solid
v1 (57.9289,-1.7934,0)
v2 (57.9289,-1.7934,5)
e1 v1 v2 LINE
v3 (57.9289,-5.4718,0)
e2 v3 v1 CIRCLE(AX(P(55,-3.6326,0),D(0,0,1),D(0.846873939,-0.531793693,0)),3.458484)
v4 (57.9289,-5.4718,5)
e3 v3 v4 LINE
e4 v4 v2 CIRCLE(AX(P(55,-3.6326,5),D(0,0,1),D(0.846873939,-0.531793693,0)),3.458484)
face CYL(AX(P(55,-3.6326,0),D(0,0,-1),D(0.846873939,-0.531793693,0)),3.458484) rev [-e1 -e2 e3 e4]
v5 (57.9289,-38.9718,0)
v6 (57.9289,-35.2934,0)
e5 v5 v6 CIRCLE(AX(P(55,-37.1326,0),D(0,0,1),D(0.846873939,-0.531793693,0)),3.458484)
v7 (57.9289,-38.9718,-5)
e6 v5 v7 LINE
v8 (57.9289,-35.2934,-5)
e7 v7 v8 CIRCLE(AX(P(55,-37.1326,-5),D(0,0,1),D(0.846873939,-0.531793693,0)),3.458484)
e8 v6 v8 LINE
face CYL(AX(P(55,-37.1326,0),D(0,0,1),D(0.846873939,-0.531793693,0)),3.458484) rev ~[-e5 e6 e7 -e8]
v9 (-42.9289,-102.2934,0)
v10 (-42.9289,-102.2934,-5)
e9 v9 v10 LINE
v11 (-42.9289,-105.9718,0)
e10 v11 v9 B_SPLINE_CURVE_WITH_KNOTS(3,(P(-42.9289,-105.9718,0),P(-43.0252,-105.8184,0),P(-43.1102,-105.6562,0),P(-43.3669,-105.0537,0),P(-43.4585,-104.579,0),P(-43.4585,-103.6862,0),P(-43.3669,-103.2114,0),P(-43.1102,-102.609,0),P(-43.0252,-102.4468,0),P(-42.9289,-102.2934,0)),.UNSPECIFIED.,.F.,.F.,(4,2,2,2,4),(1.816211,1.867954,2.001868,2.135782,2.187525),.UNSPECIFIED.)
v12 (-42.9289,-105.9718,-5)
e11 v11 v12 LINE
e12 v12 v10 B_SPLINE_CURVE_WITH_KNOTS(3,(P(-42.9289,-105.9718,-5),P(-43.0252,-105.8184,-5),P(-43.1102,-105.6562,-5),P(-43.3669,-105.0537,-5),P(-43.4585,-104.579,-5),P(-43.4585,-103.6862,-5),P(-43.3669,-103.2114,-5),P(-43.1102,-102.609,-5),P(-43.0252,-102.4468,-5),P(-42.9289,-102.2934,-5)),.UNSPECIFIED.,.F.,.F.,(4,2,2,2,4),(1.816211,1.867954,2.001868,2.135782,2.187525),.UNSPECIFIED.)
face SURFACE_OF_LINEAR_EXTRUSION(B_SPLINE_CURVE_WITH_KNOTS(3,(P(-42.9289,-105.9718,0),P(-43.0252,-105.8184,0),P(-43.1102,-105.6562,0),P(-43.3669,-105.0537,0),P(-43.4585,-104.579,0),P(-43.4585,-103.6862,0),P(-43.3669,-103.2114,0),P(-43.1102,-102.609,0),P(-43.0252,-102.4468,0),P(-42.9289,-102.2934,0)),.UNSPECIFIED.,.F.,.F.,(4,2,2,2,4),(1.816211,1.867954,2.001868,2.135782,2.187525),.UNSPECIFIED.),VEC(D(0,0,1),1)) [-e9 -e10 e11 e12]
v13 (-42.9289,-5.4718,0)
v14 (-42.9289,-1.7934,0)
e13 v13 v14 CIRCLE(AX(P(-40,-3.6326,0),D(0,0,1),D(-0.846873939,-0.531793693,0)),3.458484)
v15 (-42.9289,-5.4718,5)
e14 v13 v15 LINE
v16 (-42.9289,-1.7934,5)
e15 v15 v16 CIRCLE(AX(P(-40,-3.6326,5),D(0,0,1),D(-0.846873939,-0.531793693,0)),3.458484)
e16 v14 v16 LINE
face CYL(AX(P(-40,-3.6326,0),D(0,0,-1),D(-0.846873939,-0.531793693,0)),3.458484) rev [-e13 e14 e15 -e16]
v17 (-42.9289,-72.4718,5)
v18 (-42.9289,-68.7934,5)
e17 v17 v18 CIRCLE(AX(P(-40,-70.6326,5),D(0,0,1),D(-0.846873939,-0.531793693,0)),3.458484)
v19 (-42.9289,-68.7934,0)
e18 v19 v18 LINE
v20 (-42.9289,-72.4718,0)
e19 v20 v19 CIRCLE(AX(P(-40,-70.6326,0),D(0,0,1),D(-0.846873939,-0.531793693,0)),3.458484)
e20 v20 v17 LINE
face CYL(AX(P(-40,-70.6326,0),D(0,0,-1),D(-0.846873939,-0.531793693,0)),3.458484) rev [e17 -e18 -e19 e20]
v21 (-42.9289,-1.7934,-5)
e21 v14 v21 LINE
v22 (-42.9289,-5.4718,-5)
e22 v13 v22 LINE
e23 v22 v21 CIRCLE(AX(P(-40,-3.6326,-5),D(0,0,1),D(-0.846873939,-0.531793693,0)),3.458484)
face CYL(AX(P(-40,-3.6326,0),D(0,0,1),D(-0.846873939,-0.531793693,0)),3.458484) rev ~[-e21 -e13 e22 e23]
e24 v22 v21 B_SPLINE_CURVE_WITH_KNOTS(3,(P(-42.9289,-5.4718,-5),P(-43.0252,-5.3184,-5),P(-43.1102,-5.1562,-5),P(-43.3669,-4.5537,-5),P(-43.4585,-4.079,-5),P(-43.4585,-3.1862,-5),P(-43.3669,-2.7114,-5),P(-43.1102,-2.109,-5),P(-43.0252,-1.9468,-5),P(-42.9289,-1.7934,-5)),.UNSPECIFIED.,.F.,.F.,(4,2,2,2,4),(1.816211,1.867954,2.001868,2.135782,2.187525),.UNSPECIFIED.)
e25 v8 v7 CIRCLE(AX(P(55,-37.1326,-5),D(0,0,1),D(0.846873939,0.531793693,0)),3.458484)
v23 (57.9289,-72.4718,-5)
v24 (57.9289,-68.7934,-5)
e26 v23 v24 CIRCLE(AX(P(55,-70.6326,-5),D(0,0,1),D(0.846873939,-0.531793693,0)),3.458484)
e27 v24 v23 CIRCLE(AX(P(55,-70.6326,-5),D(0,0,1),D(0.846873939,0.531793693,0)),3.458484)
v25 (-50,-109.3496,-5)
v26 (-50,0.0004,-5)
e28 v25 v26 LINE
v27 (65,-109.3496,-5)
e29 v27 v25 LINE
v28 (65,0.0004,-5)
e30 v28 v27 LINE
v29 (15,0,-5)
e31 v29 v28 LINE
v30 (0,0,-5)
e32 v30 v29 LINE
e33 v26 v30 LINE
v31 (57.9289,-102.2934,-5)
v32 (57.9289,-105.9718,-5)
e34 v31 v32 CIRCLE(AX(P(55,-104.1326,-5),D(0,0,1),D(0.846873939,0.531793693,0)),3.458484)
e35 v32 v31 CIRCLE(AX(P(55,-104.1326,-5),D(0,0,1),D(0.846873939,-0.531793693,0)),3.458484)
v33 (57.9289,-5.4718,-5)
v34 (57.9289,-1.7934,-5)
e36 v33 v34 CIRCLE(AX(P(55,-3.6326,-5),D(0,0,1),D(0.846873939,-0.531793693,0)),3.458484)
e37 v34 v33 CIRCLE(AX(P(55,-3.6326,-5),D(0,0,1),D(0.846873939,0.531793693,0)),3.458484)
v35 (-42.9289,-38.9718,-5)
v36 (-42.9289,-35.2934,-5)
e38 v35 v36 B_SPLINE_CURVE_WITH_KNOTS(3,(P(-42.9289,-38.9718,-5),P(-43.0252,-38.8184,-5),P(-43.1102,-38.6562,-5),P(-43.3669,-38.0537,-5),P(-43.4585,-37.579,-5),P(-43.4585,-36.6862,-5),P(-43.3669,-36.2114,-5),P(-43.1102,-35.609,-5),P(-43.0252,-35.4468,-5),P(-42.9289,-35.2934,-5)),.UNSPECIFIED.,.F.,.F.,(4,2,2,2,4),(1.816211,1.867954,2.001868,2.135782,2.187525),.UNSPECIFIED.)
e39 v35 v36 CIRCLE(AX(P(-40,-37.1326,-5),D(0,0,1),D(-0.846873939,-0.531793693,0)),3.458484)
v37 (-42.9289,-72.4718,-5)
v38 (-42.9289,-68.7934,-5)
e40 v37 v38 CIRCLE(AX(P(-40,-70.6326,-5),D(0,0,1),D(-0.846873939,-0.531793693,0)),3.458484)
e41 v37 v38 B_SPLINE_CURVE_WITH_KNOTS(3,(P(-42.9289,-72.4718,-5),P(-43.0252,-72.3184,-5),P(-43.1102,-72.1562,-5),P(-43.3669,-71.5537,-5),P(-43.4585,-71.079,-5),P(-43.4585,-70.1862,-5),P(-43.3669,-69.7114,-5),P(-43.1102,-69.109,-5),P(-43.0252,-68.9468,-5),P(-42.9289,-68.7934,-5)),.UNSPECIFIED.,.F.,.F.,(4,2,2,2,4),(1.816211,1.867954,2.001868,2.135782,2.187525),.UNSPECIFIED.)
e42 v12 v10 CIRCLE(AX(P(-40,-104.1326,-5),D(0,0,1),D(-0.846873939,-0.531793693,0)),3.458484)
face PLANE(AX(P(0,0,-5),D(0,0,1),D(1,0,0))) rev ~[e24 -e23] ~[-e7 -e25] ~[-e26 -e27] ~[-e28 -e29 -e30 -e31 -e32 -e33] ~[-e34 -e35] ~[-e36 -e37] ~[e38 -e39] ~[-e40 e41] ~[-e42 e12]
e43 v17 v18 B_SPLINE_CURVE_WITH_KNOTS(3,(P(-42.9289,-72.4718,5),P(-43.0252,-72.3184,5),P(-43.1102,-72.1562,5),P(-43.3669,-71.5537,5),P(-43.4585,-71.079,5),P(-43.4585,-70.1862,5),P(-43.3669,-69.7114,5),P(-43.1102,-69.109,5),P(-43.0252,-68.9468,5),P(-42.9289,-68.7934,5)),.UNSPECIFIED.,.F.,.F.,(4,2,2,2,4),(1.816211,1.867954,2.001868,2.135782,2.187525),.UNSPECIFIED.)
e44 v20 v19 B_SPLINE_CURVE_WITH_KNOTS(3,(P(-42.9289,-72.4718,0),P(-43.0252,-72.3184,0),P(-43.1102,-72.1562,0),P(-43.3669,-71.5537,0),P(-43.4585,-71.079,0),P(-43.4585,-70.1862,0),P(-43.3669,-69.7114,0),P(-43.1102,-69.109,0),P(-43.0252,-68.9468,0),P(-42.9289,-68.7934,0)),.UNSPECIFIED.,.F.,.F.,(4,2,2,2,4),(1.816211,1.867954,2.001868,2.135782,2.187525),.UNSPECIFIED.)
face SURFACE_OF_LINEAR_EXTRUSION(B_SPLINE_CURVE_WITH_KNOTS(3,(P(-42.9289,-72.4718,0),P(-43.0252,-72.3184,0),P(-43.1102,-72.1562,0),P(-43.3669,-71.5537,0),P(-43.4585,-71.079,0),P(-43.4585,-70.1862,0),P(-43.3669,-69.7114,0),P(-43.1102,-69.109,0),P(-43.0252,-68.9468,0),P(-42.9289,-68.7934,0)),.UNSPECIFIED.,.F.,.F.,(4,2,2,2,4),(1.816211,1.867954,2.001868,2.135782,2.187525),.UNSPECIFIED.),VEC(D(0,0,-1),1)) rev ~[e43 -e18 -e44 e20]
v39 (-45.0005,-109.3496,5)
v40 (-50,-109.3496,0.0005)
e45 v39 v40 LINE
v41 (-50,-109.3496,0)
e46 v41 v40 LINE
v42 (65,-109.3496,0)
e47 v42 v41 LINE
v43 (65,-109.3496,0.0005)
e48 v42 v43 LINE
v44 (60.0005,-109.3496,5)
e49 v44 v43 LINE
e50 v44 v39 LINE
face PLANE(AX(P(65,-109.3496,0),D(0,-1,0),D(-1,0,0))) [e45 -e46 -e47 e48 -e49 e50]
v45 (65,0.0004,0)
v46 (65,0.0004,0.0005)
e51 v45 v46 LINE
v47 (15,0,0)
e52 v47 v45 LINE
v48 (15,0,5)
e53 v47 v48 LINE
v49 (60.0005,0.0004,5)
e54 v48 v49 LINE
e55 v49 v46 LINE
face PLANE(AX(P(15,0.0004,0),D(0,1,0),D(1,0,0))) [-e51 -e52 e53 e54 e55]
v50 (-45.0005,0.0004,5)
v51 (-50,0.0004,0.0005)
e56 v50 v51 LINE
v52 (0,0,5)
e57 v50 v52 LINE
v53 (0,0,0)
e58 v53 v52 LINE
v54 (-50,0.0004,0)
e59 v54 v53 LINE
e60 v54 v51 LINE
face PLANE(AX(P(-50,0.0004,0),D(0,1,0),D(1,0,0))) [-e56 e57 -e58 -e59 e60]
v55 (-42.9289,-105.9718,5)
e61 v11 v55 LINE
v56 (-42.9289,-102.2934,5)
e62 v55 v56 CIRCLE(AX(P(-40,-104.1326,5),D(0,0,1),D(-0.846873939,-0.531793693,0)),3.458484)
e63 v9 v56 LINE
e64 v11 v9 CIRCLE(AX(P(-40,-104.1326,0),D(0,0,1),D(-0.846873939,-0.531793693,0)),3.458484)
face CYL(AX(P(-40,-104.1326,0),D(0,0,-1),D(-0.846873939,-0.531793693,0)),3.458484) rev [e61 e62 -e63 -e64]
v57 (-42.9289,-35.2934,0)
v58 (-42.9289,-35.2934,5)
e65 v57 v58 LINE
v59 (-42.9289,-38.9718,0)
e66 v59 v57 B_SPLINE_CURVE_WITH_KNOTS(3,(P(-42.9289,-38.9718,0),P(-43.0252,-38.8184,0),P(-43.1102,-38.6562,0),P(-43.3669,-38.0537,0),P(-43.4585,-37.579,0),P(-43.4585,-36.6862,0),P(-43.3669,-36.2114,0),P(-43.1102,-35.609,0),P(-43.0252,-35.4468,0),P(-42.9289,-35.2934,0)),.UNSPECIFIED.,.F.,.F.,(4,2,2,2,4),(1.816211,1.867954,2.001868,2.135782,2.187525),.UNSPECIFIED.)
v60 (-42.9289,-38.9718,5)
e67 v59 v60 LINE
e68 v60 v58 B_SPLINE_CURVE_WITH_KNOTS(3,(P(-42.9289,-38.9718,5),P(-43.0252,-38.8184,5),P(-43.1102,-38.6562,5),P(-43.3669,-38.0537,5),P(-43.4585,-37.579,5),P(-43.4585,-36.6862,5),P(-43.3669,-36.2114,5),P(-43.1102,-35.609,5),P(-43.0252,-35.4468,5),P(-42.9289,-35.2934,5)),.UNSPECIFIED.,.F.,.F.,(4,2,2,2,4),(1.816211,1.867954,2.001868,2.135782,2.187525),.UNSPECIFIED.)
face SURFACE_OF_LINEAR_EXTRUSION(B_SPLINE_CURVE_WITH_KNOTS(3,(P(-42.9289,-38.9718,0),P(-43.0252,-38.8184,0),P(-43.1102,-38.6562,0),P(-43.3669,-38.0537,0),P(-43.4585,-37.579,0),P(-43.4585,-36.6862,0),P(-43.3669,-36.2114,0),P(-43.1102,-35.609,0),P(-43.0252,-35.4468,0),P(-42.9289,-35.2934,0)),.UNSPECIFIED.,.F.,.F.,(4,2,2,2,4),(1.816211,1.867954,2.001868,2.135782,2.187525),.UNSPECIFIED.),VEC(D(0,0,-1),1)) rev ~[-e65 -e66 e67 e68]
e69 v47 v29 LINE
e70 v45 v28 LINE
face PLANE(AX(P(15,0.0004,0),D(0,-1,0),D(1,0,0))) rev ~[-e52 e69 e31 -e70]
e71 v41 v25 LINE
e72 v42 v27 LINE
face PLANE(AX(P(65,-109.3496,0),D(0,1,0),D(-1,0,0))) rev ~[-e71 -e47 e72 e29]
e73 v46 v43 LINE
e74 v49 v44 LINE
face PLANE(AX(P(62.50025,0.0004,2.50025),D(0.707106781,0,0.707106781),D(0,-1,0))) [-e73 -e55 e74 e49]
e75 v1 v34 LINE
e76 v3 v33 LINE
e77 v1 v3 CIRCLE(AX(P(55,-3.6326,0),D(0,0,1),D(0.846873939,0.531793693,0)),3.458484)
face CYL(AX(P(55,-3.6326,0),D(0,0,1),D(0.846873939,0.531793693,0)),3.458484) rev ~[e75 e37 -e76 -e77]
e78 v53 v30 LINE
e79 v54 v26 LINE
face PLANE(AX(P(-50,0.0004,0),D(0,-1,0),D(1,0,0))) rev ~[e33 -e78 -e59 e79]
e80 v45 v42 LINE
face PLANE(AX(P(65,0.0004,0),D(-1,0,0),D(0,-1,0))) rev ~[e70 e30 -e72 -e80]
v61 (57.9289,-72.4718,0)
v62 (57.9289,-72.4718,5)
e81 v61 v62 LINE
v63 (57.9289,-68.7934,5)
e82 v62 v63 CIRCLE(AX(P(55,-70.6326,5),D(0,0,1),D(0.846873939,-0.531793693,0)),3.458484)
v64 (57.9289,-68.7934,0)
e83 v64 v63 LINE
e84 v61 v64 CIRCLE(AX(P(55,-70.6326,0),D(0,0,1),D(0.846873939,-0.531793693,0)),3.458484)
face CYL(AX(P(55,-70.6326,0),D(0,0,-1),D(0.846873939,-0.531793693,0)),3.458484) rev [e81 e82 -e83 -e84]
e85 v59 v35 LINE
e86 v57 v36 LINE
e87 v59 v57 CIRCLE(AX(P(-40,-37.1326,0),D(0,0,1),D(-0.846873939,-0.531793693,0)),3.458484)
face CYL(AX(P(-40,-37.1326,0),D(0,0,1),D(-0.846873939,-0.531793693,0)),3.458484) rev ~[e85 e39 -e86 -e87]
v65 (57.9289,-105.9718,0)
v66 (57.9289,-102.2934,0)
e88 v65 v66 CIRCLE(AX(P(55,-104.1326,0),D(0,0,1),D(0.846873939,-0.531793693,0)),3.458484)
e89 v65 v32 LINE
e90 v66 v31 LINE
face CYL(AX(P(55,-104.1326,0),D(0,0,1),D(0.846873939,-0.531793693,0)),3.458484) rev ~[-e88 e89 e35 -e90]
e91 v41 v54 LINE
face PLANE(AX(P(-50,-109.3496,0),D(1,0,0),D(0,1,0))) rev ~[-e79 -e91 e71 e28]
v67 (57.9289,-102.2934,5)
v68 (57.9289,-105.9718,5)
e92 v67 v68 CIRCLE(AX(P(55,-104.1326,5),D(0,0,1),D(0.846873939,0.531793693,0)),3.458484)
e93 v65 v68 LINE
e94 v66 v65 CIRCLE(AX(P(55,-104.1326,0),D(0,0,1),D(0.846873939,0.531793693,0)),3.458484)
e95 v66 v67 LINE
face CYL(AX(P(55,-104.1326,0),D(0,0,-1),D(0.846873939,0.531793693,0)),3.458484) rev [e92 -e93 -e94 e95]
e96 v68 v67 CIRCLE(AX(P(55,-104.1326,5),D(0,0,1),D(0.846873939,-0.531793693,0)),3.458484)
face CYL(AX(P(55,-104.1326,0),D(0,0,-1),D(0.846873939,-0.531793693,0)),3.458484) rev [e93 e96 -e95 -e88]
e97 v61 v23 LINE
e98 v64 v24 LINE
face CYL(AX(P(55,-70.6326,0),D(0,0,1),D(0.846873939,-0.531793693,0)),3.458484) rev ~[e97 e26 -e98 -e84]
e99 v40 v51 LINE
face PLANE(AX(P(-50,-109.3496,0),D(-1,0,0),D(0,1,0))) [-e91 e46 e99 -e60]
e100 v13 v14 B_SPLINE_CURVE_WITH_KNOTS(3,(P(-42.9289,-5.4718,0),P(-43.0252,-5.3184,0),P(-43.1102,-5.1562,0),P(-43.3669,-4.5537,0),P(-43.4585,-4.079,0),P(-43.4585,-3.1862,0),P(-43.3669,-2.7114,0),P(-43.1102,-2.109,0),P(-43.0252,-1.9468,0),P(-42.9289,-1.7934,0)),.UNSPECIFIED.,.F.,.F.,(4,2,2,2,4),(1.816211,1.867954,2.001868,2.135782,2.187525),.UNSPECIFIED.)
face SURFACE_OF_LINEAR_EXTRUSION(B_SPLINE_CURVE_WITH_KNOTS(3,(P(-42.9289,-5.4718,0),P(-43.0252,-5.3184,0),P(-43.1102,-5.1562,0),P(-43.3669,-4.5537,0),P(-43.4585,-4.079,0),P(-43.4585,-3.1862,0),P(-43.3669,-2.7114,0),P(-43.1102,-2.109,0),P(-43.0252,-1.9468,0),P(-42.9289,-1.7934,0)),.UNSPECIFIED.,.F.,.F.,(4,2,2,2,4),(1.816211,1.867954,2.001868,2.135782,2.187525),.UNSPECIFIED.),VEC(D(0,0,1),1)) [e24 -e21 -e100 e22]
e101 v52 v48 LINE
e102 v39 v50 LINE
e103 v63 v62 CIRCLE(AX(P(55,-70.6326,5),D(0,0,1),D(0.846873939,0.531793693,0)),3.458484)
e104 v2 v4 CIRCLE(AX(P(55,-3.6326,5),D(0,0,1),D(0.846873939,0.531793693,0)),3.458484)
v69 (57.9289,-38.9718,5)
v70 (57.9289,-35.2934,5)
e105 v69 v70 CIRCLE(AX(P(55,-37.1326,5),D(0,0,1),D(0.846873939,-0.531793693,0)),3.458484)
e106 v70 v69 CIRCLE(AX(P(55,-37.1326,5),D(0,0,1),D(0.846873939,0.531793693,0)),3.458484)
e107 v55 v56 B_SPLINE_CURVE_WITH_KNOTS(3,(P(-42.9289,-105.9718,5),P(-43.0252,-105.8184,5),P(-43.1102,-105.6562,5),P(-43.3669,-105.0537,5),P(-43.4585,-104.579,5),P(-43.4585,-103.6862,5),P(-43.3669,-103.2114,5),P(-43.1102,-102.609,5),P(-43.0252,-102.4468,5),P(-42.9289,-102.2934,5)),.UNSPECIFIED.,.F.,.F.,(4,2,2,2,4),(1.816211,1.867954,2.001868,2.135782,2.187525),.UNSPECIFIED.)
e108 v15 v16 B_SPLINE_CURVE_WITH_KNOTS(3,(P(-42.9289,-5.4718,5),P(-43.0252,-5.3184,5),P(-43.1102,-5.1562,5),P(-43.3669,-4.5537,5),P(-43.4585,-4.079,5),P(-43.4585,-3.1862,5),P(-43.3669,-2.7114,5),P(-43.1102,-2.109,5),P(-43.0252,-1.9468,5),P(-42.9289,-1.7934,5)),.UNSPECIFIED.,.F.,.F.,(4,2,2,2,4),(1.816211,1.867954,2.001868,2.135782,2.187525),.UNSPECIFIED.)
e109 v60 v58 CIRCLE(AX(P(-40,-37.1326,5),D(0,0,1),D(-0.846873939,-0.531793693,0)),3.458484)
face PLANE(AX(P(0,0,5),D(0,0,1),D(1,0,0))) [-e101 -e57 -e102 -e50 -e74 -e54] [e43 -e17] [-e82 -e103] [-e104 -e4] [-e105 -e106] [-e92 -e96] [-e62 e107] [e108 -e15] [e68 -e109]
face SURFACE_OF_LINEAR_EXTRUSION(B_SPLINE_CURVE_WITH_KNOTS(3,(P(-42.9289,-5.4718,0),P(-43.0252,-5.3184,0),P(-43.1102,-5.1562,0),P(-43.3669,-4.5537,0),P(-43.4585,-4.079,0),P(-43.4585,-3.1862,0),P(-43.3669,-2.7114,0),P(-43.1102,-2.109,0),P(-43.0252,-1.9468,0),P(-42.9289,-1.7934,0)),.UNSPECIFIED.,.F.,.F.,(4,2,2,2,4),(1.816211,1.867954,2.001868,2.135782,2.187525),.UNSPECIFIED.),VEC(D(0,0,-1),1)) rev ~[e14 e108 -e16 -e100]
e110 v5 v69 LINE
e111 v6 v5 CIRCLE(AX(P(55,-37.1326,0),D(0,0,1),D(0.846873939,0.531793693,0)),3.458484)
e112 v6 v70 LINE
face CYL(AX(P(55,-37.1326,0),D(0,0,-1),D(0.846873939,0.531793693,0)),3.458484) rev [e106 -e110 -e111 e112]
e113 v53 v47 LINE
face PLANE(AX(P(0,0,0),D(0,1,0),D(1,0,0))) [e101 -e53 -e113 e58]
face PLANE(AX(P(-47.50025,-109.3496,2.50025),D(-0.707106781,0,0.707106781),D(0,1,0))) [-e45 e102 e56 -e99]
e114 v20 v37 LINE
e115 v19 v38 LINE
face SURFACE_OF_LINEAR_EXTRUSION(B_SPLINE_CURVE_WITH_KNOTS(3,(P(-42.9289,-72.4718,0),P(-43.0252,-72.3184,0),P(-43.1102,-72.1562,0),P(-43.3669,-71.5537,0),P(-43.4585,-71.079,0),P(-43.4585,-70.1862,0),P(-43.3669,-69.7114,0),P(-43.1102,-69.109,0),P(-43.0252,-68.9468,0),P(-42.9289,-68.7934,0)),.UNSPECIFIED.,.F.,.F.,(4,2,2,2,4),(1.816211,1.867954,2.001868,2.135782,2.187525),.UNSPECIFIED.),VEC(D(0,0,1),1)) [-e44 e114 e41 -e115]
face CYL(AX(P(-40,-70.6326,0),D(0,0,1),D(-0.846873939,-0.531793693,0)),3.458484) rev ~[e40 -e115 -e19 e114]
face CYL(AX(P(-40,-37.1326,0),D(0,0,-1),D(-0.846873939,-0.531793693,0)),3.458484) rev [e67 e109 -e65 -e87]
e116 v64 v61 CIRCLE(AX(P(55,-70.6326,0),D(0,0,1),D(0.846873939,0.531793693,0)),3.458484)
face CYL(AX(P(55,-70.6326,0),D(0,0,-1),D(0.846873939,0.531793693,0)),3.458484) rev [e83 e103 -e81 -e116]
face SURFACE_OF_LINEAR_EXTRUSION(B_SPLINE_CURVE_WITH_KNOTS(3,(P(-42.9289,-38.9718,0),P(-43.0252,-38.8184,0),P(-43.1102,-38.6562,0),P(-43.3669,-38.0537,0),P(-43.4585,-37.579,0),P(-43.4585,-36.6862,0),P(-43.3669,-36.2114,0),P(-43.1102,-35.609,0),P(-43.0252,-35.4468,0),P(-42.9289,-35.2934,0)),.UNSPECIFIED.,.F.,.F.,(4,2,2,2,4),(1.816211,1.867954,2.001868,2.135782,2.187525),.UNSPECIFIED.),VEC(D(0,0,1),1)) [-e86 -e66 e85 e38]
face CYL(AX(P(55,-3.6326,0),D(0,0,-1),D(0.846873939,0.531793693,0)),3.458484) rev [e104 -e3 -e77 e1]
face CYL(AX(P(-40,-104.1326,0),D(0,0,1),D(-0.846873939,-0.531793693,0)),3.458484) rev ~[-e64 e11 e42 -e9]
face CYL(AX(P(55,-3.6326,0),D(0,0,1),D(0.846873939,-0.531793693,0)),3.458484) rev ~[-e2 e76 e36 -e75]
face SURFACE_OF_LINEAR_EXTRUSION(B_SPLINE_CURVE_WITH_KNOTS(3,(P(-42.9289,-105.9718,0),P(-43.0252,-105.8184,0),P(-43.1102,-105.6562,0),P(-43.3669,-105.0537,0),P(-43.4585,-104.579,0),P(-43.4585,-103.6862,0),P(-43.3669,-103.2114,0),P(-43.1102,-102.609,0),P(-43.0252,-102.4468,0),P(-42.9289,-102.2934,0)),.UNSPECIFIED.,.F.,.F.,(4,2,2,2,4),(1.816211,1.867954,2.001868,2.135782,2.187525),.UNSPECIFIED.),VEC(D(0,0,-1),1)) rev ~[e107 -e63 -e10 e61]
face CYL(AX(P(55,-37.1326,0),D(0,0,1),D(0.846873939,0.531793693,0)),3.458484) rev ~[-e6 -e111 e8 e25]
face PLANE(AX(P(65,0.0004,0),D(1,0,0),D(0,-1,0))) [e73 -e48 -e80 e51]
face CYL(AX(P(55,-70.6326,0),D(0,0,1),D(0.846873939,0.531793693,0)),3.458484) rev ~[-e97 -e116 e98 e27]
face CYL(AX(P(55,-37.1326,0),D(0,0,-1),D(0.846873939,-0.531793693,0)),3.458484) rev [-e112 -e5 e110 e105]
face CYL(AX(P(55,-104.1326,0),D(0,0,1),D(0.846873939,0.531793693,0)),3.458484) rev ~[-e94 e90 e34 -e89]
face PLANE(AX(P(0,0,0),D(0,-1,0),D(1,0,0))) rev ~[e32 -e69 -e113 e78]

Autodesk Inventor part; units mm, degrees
ref_plane "YZ Plane" through (0, 0, 0) normal (1, 0, 0) x (0, 1, 0)
ref_plane "XZ Plane" through (0, 0, 0) normal (0, 1, 0) x (-1, 0, 0)
ref_plane "XY Plane" through (0, 0, 0) normal (0, 0, 1) x (1, 0, 0)
sketch "Sketch1" plane through (0, 0, 0) normal (0, 0, 1) x (1, 0, 0)
  line L0 (0, 0) -> (15, 0)
  arc A0 (-42.9289, -5.4718) -> (-42.9289, -1.7934) centre (-40, -3.6326) ccw
  arc A1 (-42.9289, -38.9718) -> (-42.9289, -35.2934) centre (-40, -37.1326) ccw
  arc A2 (-42.9289, -72.4718) -> (-42.9289, -68.7934) centre (-40, -70.6326) ccw
  arc A3 (-42.9289, -105.9718) -> (-42.9289, -102.2934) centre (-40, -104.1326) ccw
  arc A4 (57.9289, -102.2934) -> (57.9289, -105.9718) centre (55, -104.1326) ccw
  arc A5 (57.9289, -68.7934) -> (57.9289, -72.4718) centre (55, -70.6326) ccw
  arc A6 (57.9289, -35.2934) -> (57.9289, -38.9718) centre (55, -37.1326) ccw
  arc A7 (57.9289, -1.7934) -> (57.9289, -5.4718) centre (55, -3.6326) ccw
  line L1 (0, 0) -> (15, 0)
  spline S0 degree 3 poles (-42.9289, -5.4718) (-43.0252, -5.3184) (-43.1102, -5.1562) (-43.3669, -4.5537) (-43.4585, -4.079) (-43.4585, -3.1862) (-43.3669, -2.7114) (-43.1102, -2.109) (-43.0252, -1.9468) (-42.9289, -1.7934) knots 1.816211 1.816211 1.816211 1.816211 1.867954 1.867954 2.001868 2.001868 2.135782 2.135782 2.187525 2.187525 2.187525 2.187525
  spline S1 degree 3 poles (-42.9289, -105.9718) (-43.0252, -105.8184) (-43.1102, -105.6562) (-43.3669, -105.0537) (-43.4585, -104.579) (-43.4585, -103.6862) (-43.3669, -103.2114) (-43.1102, -102.609) (-43.0252, -102.4468) (-42.9289, -102.2934) knots 1.816211 1.816211 1.816211 1.816211 1.867954 1.867954 2.001868 2.001868 2.135782 2.135782 2.187525 2.187525 2.187525 2.187525
  spline S2 degree 3 poles (-42.9289, -72.4718) (-43.0252, -72.3184) (-43.1102, -72.1562) (-43.3669, -71.5537) (-43.4585, -71.079) (-43.4585, -70.1862) (-43.3669, -69.7114) (-43.1102, -69.109) (-43.0252, -68.9468) (-42.9289, -68.7934) knots 1.816211 1.816211 1.816211 1.816211 1.867954 1.867954 2.001868 2.001868 2.135782 2.135782 2.187525 2.187525 2.187525 2.187525
  spline S3 degree 3 poles (-42.9289, -38.9718) (-43.0252, -38.8184) (-43.1102, -38.6562) (-43.3669, -38.0537) (-43.4585, -37.579) (-43.4585, -36.6862) (-43.3669, -36.2114) (-43.1102, -35.609) (-43.0252, -35.4468) (-42.9289, -35.2934) knots 1.816211 1.816211 1.816211 1.816211 1.867954 1.867954 2.001868 2.001868 2.135782 2.135782 2.187525 2.187525 2.187525 2.187525
  arc A8 (57.9289, -38.9718) -> (57.9289, -35.2934) centre (55, -37.1326) ccw
  arc A9 (57.9289, -5.4718) -> (57.9289, -1.7934) centre (55, -3.6326) ccw
  arc A10 (57.9289, -72.4718) -> (57.9289, -68.7934) centre (55, -70.6326) ccw
  arc A11 (57.9289, -105.9718) -> (57.9289, -102.2934) centre (55, -104.1326) ccw
  line L2 (-50, 0.0004) -> (65, 0.0004)
  line L3 (65, 0.0004) -> (65, -109.3496)
  line L4 (65, -109.3496) -> (-50, -109.3496)
  line L5 (-50, -109.3496) -> (-50, 0.0004)
  point P0 (7.5, -111.1326)
  point P1 (84.0033, -110.1193)
  point P2 (84.0033, -111.5873)
  point P3 (-42.9289, -102.2934)
  point P4 (84.0033, -151.6974)
  point P5 (84.0033, -136.8593)
  point P6 (84.0033, -138.3274)
  point P7 (84.0033, -123.4893)
  point P8 (84.0033, -124.9573)
  point P9 (7.5, -109.3496)
  point P10 (-42.9289, -35.2934)
  dimension "d8" = 115
  dimension "d9" = 109.35
  dimension "d10" = 3.633
extrude "Extrusion1" add sketch "Sketch1" along normal mid plane 10
chamfer "Chamfer1" distance 5 angle 45 2 edges at (-50, -54.6746, 5) (65, -54.6746, 5)
properties part number "Upper cover of robot head" material "Steel, Alloy"
